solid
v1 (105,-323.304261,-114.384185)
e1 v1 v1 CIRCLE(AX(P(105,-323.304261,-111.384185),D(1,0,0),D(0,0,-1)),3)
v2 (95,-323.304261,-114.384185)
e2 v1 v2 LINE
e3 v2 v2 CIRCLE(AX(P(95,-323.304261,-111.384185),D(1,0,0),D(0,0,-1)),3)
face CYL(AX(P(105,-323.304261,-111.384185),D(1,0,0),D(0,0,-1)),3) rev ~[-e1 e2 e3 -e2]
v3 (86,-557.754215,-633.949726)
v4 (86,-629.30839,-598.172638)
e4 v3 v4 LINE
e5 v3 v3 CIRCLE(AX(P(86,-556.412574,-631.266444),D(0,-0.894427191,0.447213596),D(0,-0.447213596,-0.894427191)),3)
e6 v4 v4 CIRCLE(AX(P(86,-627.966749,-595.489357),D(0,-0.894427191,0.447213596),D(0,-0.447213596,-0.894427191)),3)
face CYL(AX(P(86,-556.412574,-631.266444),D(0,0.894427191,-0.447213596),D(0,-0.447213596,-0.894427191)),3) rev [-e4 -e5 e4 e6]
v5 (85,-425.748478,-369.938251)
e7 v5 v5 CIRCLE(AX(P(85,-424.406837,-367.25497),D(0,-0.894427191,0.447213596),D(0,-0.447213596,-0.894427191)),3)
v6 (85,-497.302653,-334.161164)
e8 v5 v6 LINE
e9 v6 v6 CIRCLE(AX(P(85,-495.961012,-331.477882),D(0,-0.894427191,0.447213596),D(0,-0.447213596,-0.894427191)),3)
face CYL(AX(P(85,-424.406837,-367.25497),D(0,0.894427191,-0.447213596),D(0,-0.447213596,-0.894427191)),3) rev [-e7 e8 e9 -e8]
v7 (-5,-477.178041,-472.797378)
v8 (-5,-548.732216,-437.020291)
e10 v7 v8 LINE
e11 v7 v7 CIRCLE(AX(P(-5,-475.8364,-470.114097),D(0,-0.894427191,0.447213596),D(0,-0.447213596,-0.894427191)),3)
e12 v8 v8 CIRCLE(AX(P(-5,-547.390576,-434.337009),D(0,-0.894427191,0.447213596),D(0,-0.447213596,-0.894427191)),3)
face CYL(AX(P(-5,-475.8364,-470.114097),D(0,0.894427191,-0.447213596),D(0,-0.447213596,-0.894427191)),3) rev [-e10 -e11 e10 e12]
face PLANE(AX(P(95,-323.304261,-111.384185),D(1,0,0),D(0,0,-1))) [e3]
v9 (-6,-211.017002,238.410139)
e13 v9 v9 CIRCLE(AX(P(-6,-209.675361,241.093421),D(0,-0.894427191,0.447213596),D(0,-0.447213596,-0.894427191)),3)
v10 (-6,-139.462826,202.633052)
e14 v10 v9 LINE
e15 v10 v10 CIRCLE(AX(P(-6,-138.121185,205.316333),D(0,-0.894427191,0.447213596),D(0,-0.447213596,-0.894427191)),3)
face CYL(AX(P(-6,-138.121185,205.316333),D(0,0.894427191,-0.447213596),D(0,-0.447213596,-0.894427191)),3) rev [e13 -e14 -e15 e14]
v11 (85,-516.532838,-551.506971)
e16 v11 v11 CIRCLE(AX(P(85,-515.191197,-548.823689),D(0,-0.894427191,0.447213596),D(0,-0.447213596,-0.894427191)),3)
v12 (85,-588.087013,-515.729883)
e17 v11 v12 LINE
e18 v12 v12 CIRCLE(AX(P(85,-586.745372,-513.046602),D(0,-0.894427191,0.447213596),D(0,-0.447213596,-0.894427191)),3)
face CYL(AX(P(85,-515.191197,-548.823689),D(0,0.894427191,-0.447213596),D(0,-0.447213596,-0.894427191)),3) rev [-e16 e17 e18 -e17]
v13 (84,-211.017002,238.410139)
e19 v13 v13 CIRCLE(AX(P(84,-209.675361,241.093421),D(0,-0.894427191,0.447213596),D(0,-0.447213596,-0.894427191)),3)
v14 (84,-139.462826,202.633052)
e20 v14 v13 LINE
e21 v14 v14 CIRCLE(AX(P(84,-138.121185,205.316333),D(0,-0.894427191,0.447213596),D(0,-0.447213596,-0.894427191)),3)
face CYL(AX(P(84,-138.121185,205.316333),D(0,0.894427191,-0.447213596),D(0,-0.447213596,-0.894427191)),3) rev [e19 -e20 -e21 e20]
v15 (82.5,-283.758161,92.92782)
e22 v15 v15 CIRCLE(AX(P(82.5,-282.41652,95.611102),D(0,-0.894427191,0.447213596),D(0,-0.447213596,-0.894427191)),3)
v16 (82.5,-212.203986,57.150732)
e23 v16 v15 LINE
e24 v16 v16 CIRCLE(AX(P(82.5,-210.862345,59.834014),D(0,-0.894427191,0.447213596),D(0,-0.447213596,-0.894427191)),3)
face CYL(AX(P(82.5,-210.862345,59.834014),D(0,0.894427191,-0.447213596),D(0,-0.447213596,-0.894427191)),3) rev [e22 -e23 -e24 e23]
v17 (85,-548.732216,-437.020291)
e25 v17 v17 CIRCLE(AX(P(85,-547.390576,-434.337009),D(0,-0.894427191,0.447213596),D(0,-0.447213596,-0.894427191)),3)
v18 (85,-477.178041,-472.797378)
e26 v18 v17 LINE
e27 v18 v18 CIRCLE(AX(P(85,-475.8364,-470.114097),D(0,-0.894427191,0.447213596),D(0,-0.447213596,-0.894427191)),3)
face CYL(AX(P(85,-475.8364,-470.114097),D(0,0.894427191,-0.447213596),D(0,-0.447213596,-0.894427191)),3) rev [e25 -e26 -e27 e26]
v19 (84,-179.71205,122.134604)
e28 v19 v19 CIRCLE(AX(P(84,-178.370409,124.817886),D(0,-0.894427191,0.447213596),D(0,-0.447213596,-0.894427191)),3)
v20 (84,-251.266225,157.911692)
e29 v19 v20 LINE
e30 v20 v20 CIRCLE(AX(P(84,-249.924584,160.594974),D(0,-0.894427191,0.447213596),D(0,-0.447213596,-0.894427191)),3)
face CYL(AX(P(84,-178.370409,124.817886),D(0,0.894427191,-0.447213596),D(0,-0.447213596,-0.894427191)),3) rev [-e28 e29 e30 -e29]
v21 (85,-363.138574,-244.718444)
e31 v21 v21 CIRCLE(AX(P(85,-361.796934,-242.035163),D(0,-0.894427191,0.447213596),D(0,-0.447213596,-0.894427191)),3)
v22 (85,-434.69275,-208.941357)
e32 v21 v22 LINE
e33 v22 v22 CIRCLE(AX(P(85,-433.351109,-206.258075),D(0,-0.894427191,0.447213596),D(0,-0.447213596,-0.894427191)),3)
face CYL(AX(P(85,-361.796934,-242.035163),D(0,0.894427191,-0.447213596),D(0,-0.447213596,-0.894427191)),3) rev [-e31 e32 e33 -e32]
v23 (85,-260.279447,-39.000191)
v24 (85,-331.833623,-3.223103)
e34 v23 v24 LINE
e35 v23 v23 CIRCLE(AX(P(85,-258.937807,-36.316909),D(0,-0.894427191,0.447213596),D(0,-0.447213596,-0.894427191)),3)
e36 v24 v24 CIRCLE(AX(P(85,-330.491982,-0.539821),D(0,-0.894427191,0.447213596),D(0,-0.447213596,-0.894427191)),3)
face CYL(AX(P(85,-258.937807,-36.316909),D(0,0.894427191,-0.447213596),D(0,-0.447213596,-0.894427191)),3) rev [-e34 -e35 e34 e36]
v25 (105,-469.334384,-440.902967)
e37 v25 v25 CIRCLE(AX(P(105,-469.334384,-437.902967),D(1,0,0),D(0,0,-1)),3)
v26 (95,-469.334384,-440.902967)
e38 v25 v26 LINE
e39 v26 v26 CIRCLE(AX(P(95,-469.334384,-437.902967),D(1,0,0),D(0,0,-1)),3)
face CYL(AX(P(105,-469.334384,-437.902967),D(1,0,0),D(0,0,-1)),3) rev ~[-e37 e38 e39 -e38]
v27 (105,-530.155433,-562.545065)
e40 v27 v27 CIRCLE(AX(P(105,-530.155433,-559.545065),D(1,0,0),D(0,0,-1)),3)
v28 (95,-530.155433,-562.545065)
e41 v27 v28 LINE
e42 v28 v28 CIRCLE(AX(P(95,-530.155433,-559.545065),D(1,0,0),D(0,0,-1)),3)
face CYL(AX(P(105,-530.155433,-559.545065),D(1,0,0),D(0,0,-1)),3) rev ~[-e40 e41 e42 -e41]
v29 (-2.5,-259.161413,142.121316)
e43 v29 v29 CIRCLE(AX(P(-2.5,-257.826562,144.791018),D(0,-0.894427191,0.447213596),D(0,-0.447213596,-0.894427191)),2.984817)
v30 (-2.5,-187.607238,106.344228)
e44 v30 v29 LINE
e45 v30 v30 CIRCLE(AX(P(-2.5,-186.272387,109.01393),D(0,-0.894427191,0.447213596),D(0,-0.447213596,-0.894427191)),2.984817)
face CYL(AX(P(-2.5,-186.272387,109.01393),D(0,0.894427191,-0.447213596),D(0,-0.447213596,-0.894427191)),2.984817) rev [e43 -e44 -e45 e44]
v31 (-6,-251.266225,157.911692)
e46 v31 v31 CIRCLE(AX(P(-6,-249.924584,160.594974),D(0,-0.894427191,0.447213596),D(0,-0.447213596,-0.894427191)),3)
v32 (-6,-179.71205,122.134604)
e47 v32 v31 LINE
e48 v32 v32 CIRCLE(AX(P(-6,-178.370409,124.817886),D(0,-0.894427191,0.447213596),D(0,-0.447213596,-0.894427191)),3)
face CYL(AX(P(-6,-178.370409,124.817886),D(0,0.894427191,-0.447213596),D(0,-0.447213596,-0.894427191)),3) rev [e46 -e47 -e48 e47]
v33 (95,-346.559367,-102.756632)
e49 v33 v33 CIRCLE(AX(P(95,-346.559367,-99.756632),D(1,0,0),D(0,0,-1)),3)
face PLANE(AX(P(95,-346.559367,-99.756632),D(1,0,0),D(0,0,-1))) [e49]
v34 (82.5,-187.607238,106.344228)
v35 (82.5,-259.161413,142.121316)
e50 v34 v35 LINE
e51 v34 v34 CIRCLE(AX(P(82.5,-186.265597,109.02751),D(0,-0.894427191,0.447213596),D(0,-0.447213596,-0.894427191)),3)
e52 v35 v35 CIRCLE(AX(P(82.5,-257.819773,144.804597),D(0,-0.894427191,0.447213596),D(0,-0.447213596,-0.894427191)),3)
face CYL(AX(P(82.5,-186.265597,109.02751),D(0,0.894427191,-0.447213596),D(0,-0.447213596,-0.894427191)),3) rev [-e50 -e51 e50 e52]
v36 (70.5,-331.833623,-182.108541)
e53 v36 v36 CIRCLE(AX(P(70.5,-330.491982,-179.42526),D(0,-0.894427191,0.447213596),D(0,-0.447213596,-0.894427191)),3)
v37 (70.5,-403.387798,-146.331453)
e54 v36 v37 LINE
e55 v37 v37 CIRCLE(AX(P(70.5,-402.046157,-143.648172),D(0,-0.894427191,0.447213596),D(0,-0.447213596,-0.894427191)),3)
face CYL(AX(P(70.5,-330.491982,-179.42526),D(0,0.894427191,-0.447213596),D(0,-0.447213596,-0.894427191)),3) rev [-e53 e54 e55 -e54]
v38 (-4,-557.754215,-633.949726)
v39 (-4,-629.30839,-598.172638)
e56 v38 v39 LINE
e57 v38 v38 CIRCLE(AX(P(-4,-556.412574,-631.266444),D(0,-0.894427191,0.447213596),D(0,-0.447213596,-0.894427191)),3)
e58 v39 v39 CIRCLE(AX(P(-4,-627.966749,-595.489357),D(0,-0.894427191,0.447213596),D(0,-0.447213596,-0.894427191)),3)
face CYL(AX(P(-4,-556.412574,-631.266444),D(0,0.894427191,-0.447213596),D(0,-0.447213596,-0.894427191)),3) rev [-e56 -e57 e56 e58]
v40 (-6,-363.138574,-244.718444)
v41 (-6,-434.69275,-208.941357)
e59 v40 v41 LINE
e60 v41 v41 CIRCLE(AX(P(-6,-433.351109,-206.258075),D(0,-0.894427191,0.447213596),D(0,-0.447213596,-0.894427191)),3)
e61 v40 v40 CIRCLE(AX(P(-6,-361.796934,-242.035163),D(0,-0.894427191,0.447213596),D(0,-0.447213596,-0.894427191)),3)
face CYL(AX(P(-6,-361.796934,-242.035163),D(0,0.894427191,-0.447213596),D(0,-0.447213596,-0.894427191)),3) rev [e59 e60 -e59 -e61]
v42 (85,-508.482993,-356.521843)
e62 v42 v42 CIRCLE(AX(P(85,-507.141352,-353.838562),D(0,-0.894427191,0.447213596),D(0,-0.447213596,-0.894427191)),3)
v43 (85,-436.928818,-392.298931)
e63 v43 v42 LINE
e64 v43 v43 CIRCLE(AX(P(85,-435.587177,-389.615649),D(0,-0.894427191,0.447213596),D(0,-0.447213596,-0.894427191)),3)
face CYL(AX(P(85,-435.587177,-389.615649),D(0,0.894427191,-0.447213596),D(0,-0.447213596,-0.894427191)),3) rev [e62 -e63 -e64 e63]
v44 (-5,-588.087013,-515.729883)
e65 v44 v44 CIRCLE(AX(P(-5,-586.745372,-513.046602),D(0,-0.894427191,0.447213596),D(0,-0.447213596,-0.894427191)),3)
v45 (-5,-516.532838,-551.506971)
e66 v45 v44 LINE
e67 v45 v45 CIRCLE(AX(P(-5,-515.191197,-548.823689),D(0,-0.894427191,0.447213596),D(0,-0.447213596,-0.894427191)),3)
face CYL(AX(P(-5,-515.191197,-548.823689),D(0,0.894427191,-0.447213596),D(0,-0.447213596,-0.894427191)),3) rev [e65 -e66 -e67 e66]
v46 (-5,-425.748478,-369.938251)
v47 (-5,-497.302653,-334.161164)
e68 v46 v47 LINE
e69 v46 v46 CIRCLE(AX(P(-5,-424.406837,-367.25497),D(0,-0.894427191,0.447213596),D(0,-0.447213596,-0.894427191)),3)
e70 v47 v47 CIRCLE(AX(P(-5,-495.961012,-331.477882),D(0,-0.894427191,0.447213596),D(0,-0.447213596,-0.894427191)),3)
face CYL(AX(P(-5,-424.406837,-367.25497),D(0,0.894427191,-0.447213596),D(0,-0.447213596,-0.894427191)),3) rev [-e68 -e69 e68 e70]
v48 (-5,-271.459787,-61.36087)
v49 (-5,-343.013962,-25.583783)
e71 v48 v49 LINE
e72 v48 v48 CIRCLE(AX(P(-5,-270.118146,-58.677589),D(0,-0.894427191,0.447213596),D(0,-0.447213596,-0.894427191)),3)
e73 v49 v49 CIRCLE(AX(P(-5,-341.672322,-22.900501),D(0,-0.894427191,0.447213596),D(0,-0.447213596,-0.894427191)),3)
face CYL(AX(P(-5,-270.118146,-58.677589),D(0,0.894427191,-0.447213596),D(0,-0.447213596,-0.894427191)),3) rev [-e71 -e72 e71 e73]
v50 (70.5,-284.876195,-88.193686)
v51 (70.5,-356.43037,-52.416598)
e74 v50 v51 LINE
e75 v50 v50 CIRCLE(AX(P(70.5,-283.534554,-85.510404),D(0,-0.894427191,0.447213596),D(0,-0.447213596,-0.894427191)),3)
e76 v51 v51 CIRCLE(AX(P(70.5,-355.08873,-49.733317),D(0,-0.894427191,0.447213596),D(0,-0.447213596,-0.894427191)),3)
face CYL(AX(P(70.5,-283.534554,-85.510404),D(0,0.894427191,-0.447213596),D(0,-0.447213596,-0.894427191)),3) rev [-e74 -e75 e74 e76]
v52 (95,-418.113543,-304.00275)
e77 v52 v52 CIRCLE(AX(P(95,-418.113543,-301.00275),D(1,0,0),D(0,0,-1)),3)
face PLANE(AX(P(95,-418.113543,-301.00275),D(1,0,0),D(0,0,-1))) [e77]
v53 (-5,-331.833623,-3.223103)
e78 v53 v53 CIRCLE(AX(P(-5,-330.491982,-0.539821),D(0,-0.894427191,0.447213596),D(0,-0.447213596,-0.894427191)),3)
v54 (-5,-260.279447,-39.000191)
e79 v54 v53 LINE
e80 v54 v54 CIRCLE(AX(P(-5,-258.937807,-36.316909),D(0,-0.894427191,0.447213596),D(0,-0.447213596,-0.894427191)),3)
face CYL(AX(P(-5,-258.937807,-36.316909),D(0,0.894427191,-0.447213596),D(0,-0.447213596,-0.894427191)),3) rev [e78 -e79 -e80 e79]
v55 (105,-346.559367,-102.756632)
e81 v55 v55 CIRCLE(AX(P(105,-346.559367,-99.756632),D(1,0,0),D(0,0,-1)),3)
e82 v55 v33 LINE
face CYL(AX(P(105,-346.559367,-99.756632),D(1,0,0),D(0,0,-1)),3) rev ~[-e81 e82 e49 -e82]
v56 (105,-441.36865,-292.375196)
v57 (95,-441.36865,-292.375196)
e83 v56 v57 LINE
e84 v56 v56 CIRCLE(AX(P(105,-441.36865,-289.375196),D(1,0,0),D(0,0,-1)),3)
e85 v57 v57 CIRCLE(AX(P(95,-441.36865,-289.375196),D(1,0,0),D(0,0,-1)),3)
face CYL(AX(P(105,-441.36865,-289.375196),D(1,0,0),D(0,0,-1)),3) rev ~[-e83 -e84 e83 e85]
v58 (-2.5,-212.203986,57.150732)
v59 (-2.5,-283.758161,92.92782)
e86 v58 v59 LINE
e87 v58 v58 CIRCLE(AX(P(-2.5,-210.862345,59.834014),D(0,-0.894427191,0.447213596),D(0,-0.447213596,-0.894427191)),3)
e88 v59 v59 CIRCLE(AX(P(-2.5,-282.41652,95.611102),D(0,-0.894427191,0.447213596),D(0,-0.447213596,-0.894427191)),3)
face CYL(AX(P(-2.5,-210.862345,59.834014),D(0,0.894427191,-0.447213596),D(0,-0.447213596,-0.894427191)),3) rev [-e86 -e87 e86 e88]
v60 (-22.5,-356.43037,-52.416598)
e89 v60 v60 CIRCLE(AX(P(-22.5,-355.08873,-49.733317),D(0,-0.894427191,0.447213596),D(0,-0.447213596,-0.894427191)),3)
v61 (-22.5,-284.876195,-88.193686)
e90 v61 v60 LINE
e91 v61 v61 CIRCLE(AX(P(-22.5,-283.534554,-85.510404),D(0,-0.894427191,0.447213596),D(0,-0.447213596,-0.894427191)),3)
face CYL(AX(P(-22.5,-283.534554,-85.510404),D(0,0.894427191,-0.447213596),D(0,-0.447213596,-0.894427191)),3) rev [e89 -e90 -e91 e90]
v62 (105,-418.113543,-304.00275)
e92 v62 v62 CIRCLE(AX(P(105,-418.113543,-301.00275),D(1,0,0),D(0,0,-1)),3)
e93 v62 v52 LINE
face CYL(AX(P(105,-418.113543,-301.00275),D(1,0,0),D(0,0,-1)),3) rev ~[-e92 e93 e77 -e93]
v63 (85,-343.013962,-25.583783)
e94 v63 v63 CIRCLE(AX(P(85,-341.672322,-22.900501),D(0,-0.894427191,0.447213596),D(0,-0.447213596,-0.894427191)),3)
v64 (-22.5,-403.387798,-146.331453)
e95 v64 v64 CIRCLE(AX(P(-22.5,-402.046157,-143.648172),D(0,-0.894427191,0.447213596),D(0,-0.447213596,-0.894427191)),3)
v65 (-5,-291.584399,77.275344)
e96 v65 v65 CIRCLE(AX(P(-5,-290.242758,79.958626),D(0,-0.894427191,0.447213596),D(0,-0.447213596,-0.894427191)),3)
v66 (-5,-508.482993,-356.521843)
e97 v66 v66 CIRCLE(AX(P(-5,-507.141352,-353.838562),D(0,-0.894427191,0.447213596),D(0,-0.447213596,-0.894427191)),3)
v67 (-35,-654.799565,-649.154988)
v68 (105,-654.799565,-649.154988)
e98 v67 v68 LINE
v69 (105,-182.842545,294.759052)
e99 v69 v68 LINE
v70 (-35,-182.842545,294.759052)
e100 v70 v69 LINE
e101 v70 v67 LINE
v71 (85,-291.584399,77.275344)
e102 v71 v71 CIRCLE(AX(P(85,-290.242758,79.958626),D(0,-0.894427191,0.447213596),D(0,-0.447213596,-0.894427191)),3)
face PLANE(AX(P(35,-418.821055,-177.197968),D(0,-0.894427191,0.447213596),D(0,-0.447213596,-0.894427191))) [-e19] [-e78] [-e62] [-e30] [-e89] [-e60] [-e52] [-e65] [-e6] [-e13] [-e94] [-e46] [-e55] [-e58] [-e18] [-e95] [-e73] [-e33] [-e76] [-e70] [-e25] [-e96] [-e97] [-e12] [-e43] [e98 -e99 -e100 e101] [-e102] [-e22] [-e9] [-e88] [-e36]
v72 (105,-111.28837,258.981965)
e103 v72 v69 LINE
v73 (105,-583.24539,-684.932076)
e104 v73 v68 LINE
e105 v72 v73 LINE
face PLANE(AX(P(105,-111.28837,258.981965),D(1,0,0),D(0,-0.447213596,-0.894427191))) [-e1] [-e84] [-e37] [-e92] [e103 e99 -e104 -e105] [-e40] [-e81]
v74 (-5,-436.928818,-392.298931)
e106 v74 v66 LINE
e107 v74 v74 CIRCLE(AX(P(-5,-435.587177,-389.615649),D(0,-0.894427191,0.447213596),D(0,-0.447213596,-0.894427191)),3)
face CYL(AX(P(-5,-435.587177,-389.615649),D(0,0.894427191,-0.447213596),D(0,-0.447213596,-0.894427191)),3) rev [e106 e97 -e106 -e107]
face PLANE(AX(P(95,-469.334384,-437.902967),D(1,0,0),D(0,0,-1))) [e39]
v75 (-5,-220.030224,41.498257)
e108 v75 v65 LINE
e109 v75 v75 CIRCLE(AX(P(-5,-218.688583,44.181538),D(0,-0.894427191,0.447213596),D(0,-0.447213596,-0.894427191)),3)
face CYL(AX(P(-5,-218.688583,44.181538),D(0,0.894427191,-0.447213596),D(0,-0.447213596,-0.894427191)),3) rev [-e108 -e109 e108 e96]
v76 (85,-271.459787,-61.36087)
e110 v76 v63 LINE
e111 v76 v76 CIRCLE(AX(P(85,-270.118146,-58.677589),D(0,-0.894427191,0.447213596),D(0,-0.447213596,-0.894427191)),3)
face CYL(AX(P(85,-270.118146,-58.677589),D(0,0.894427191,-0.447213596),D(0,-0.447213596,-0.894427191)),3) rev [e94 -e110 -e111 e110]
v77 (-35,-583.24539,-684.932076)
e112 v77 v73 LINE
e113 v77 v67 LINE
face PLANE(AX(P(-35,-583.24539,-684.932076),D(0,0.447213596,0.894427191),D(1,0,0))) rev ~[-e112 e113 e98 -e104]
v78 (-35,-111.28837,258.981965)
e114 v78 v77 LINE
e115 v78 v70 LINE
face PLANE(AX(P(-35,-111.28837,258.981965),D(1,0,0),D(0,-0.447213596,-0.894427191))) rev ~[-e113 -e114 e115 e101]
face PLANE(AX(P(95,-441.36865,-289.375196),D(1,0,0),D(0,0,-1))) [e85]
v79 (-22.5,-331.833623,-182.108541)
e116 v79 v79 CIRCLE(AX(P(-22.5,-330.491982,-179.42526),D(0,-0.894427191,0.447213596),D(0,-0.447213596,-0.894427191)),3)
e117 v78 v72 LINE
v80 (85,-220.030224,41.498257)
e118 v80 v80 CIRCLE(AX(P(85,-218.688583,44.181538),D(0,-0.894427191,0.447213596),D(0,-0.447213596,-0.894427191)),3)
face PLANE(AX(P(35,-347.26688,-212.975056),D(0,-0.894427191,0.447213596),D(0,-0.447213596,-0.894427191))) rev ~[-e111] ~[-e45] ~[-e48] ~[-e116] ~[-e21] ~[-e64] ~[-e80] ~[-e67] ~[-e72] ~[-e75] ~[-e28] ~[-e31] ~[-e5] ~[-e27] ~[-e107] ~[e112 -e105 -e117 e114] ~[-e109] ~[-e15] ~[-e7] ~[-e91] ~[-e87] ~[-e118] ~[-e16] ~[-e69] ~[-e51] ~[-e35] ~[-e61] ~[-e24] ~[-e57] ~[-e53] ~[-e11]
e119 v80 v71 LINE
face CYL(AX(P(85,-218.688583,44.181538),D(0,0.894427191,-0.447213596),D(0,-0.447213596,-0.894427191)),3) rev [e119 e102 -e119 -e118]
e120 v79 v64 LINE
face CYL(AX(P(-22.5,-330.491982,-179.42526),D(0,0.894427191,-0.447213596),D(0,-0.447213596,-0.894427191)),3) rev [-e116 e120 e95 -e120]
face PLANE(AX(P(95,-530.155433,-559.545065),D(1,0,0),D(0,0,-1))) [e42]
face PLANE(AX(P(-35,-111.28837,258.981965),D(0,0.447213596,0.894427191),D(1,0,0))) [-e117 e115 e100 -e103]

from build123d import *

# Parameters (mm, degrees)
SKETCH_2_W          = 1055.327979506
SKETCH_2_H          = 140
SKETCH_2_R          = 3
SKETCH_2_R_2        = 2.999999994
SKETCH_2_R_3        = 3.000000004
SKETCH_2_R_4        = 3.000000008
SKETCH_2_R_5        = 2.984817456
EXTRUDE_1_DEPTH     = 80
SKETCH_3_R          = 3
SKETCH_3_R_2        = 3.000000003
SKETCH_3_R_3        = 2.999999996
CUT_EXTRUDE_1_DEPTH = 10


with BuildPart() as part:
    # Эскиз2 → Бобышка-Вытянуть1 (new body)
    with BuildSketch(Plane(origin=(35, -236.577126762, 8.404450588), x_dir=(-1.3965925355372533e-14, -0.44721359549995804, -0.8944271909999159), z_dir=(2.4440369371901933e-14, -0.8944271909999159, 0.44721359549995804))):
        with Locations((247.509812295, 0)):
            Rectangle(SKETCH_2_W, SKETCH_2_H)
        with Locations((-220.154177458, 48.999999999)):
            Circle(SKETCH_2_R, mode=Mode.SUBTRACT)
        with Locations((-130.154177458, 49)):
            Circle(SKETCH_2_R, mode=Mode.SUBTRACT)
        with Locations((-220.154177458, -41.000000001)):
            Circle(SKETCH_2_R, mode=Mode.SUBTRACT)
        with Locations((-130.154177458, -41)):
            Circle(SKETCH_2_R, mode=Mode.SUBTRACT)
        with Locations((-40, 50)):
            Circle(SKETCH_2_R, mode=Mode.SUBTRACT)
        with Locations((-40, -40)):
            Circle(SKETCH_2_R, mode=Mode.SUBTRACT)
        with Locations((50, 50)):
            Circle(SKETCH_2_R, mode=Mode.SUBTRACT)
        with Locations((50, -40)):
            Circle(SKETCH_2_R, mode=Mode.SUBTRACT)
        with Locations((75, 50)):
            Circle(SKETCH_2_R, mode=Mode.SUBTRACT)
        with Locations((75, -40)):
            Circle(SKETCH_2_R, mode=Mode.SUBTRACT)
        with Locations((105, -57.5)):
            Circle(SKETCH_2_R, mode=Mode.SUBTRACT)
        with Locations((105, 35.5)):
            Circle(SKETCH_2_R, mode=Mode.SUBTRACT)
        with Locations((210, -57.5)):
            Circle(SKETCH_2_R, mode=Mode.SUBTRACT)
        with Locations((210, 35.5)):
            Circle(SKETCH_2_R, mode=Mode.SUBTRACT)
        with Locations((280, 50)):
            Circle(SKETCH_2_R, mode=Mode.SUBTRACT)
        with Locations((280, -41)):
            Circle(SKETCH_2_R, mode=Mode.SUBTRACT)
        with Locations((420, 50)):
            Circle(SKETCH_2_R, mode=Mode.SUBTRACT)
        with Locations((420, -40)):
            Circle(SKETCH_2_R, mode=Mode.SUBTRACT)
        with Locations((445, 50)):
            Circle(SKETCH_2_R, mode=Mode.SUBTRACT)
        with Locations((445, -40)):
            Circle(SKETCH_2_R, mode=Mode.SUBTRACT)
        with Locations((535, 50)):
            Circle(SKETCH_2_R, mode=Mode.SUBTRACT)
        with Locations((535, -40)):
            Circle(SKETCH_2_R, mode=Mode.SUBTRACT)
        with Locations((623.000000015, 49.999999971)):
            Circle(SKETCH_2_R_2, mode=Mode.SUBTRACT)
        with Locations((715.173802057, 50.999999957)):
            Circle(SKETCH_2_R_3, mode=Mode.SUBTRACT)
        with Locations((623, -40.000000029)):
            Circle(SKETCH_2_R_4, mode=Mode.SUBTRACT)
        with Locations((715.173802043, -39.000000043)):
            Circle(SKETCH_2_R, mode=Mode.SUBTRACT)
        with Locations((-57.5, -37.5)):
            Circle(SKETCH_2_R, mode=Mode.SUBTRACT)
        with Locations((-57.5, 47.5)):
            Circle(SKETCH_2_R, mode=Mode.SUBTRACT)
        with Locations((-112.5, 47.5)):
            Circle(SKETCH_2_R, mode=Mode.SUBTRACT)
        with Locations((-112.484817456, -37.5)):
            Circle(SKETCH_2_R_5, mode=Mode.SUBTRACT)
    extrude(amount=EXTRUDE_1_DEPTH)

    # Эскиз3 → Вырез-Вытянуть1 (cut)
    with BuildSketch(Plane(origin=(105, 0, 0), x_dir=(0, 0, -1), z_dir=(1, 0, 0))):
        with Locations((301.002749958, -418.113542766)):
            Circle(SKETCH_3_R)
        with Locations((289.375196475, -441.368649732)):
            Circle(SKETCH_3_R)
        with Locations((437.902966638, -469.334383556)):
            Circle(SKETCH_3_R)
        with Locations((559.545064612, -530.155432548)):
            Circle(SKETCH_3_R_2)
        with Locations((111.384185469, -323.304260514)):
            Circle(SKETCH_3_R_3)
        with Locations((99.756631986, -346.55936748)):
            Circle(SKETCH_3_R_3)
    extrude(amount=-CUT_EXTRUDE_1_DEPTH, mode=Mode.SUBTRACT)


solid = part.part
